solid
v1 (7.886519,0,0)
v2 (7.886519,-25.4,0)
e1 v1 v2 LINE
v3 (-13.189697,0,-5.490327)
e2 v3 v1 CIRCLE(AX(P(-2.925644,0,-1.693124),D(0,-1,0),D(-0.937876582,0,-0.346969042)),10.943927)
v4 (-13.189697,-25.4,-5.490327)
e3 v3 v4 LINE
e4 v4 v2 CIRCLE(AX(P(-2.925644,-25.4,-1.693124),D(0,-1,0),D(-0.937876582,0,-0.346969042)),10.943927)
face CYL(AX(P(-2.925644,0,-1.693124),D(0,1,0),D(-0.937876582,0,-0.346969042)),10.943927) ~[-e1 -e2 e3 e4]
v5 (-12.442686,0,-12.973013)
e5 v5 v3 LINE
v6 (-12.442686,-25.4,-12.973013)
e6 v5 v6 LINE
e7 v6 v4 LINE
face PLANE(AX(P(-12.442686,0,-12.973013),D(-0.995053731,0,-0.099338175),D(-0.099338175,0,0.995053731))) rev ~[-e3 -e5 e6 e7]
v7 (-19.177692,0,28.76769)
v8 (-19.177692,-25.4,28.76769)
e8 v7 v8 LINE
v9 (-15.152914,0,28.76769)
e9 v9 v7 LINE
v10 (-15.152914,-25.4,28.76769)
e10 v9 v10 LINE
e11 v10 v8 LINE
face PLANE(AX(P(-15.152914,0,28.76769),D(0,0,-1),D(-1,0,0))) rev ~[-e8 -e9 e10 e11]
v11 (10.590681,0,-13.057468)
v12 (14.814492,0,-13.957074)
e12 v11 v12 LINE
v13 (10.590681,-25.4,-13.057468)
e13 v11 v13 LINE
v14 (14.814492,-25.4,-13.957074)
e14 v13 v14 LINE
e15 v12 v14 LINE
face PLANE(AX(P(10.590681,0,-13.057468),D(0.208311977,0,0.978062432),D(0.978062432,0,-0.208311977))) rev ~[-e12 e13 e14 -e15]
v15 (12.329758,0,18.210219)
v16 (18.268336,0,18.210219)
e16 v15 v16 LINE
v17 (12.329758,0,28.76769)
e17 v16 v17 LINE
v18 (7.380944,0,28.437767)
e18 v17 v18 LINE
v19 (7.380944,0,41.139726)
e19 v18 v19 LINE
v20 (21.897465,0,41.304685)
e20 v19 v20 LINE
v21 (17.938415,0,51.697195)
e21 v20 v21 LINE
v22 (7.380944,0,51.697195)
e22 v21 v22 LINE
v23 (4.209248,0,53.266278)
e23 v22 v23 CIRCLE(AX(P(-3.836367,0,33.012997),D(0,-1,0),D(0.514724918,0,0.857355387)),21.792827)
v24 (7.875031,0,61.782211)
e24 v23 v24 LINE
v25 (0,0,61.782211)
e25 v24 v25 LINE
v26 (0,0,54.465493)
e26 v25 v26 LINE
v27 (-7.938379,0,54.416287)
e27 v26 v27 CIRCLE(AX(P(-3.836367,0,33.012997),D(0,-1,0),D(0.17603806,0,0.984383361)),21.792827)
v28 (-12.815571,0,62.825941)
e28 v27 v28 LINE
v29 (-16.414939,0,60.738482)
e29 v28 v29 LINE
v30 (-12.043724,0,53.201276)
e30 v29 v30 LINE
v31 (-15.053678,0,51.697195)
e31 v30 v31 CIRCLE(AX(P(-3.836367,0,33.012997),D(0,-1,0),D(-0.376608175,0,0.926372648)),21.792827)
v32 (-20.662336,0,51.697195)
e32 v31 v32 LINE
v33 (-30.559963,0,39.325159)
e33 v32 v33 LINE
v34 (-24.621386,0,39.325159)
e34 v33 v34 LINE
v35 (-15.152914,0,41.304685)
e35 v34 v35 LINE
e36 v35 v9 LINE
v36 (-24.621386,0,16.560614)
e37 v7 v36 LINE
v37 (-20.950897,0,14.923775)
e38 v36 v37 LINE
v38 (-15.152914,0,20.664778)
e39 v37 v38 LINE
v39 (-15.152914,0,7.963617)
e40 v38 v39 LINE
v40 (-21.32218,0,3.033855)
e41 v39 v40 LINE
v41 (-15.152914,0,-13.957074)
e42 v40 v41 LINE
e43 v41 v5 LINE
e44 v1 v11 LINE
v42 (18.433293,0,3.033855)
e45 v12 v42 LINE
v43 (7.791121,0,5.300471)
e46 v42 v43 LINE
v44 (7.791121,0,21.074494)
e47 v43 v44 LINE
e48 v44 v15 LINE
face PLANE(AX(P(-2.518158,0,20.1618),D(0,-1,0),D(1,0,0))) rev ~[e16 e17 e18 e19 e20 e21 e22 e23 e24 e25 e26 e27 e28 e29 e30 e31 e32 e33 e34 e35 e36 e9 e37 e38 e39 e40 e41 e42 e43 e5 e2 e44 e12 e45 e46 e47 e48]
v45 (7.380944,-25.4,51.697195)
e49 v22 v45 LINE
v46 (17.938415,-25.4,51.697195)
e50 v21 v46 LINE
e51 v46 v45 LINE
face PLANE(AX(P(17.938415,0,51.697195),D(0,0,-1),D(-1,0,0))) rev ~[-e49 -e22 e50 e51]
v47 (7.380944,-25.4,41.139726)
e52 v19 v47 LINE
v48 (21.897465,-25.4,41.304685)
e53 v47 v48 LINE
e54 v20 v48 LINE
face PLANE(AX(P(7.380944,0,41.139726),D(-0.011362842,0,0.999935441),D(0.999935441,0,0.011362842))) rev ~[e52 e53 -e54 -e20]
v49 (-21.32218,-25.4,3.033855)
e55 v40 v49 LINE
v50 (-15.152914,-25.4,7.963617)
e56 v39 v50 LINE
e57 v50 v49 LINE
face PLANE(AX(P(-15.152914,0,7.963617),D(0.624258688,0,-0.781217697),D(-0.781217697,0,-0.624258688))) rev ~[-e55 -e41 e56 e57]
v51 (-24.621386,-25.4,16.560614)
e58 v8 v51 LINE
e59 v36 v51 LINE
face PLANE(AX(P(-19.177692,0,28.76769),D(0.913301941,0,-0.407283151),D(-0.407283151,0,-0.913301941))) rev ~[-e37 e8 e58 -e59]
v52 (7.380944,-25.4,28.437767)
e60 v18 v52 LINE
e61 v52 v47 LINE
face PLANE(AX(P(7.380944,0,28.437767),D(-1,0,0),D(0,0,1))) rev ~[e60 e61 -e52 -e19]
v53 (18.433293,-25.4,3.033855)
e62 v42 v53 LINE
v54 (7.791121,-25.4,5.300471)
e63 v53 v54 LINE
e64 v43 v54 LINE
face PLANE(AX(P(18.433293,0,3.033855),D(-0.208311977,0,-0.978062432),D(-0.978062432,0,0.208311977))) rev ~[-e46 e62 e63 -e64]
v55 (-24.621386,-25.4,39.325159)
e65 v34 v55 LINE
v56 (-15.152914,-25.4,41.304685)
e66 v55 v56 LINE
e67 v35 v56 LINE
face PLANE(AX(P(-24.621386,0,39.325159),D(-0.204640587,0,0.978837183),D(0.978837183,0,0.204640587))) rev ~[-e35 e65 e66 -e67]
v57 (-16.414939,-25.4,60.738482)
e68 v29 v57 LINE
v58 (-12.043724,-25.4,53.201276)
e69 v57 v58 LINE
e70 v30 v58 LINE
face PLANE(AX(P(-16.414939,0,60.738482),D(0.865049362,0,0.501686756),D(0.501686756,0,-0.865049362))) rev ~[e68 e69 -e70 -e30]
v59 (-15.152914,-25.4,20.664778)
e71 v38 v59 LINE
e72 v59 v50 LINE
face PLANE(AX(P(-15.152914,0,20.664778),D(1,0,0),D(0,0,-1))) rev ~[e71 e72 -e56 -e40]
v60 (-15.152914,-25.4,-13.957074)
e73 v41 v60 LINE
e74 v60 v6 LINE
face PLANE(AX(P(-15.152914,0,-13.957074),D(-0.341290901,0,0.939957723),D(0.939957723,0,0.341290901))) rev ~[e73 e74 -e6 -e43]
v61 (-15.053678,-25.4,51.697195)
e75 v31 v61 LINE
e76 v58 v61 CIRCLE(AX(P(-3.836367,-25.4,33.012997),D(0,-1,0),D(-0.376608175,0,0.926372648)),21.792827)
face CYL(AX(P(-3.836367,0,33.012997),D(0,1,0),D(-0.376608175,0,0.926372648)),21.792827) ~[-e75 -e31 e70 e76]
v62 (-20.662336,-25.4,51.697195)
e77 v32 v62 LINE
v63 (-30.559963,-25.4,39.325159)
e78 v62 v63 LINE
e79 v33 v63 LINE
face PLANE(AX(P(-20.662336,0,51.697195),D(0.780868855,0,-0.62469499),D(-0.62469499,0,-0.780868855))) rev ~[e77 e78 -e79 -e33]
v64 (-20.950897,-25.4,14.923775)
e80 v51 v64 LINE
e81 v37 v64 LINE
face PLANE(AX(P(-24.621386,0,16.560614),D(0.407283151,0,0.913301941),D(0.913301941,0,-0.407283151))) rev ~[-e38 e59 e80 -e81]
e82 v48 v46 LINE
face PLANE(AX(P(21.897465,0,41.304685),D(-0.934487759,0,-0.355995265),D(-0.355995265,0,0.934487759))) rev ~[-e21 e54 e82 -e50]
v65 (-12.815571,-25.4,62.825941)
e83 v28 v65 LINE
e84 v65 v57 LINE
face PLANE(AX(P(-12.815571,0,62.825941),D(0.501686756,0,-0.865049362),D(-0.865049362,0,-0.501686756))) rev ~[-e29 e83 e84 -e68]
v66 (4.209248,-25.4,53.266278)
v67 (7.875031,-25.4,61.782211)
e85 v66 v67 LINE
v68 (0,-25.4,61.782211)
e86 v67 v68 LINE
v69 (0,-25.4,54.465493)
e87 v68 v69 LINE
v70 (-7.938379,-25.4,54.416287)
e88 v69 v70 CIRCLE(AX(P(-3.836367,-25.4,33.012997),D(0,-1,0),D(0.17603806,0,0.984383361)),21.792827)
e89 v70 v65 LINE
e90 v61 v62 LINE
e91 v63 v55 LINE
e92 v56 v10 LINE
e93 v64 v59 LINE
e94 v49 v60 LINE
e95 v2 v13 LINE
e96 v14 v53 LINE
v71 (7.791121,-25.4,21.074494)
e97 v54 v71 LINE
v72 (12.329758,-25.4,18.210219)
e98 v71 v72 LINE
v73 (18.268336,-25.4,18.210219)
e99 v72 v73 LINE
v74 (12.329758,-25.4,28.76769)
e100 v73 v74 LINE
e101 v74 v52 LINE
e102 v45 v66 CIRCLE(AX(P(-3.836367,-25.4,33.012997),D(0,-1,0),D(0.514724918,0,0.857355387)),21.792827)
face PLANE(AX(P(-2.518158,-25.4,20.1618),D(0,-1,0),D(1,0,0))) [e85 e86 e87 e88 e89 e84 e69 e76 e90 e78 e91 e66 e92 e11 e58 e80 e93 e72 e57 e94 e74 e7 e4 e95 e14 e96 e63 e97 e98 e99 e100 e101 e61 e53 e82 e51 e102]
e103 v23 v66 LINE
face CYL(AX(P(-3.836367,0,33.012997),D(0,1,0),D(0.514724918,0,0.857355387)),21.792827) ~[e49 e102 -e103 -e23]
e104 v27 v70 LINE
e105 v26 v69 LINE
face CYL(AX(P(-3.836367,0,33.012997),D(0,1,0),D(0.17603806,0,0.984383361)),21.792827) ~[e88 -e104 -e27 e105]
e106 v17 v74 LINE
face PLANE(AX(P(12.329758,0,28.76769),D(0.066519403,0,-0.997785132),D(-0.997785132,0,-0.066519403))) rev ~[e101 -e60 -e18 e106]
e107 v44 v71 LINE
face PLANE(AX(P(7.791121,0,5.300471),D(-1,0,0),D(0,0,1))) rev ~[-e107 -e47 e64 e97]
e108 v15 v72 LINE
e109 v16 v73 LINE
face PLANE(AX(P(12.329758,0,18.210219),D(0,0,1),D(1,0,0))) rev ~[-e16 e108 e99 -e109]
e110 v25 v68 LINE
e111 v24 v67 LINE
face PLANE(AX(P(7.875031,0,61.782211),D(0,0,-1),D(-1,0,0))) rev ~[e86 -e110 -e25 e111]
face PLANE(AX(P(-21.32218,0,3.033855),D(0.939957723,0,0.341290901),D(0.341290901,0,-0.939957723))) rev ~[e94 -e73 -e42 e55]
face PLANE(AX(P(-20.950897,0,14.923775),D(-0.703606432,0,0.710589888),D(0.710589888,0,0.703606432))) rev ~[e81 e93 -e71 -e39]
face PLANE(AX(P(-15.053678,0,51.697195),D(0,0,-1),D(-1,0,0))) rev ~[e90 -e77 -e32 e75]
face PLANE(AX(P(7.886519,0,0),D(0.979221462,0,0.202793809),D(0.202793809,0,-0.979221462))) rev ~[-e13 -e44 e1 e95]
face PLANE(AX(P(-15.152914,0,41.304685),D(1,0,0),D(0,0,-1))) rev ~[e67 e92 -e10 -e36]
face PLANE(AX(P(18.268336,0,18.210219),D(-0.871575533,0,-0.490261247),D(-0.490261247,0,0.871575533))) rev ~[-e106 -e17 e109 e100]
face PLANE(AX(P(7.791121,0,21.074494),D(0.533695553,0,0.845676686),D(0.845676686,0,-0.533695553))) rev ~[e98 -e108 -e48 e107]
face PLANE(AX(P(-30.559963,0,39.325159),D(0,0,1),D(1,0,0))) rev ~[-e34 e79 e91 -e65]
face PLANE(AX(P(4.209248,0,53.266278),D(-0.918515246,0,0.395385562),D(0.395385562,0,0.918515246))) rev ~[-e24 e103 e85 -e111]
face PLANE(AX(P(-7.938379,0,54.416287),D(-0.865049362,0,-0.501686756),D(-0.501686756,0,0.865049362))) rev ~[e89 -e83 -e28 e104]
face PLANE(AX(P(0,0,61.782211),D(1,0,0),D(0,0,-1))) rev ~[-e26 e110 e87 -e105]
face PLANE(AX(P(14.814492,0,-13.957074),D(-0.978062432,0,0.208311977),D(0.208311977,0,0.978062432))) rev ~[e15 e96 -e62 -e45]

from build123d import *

# Parameters (mm, degrees)
F1_DEPTH = 25.4


with BuildPart() as f1:
    # F0 (on Front) → F1 (new body)
    with BuildSketch(Plane.XZ):
        with BuildLine():
            Line((-12.4426856389, -12.9730125086), (-13.1896968379, -5.4903274543))
            ThreePointArc((-13.1896968379, -5.4903274543), (-0.1668346208, -12.2836148574), (7.8865187243, 0))
            Line((7.8865187243, 0), (10.5906810166, -13.0574683954))
            Line((10.5906810166, -13.0574683954), (14.8144917242, -13.957073912))
            Line((14.8144917242, -13.957073912), (18.4332933277, 3.033854533))
            Line((18.4332933277, 3.033854533), (7.791120559, 5.3004706278))
            Line((7.791120559, 5.3004706278), (7.791120559, 21.074494347))
            Line((7.791120559, 21.074494347), (12.3297581449, 18.2102192193))
            Line((12.3297581449, 18.2102192193), (18.2683356106, 18.2102192193))
            Line((18.2683356106, 18.2102192193), (12.3297581449, 28.7676900625))
            Line((12.3297581449, 28.7676900625), (7.380944211, 28.4377671778))
            Line((7.380944211, 28.4377671778), (7.380944211, 41.1397255957))
            Line((7.380944211, 41.1397255957), (21.8974649906, 41.3046851754))
            Line((21.8974649906, 41.3046851754), (17.9384145886, 51.6971945763))
            Line((17.9384145886, 51.6971945763), (7.380944211, 51.6971945763))
            ThreePointArc((7.380944211, 51.6971945763), (5.8269963178, 52.5462179029), (4.209248367, 53.2662777833))
            ThreePointArc((4.209248367, 53.2662777833), (2.1348058911, 53.9718233781), (0, 54.4654932873))
            ThreePointArc((0, 54.4654932873), (-3.971449067, 54.80540535), (-7.938379177, 54.4162865973))
            ThreePointArc((-7.938379177, 54.4162865973), (-10.0209611702, 53.9098413782), (-12.0437239792, 53.2012758293))
            ThreePointArc((-12.0437239792, 53.2012758293), (-13.577773448, 52.5074144495), (-15.053678304, 51.6971945763))
            Line((-15.053678304, 51.6971945763), (-20.6623356789, 51.6971945763))
            Line((-20.6623356789, 51.6971945763), (-30.5599626154, 39.3251590431))
            Line((-30.5599626154, 39.3251590431), (-24.621386081, 39.3251590431))
            Line((-24.621386081, 39.3251590431), (-15.1529135182, 41.3046851754))
            Line((-15.1529135182, 41.3046851754), (-15.1529135182, 28.7676900625))
            Line((-15.1529135182, 28.7676900625), (-19.177692011, 28.7676900625))
            Line((-19.177692011, 28.7676900625), (-24.621386081, 16.560614109))
            Line((-24.621386081, 16.560614109), (-20.9508969498, 14.9237749517))
            Line((-20.9508969498, 14.9237749517), (-15.1529135182, 20.6647776067))
            Line((-15.1529135182, 20.6647776067), (-15.1529135182, 7.9636173323))
            Line((-15.1529135182, 7.9636173323), (-21.3221795857, 3.033854533))
            Line((-21.3221795857, 3.033854533), (-15.1529135182, -13.957073912))
            Line((-15.1529135182, -13.957073912), (-12.4426856389, -12.9730125086))
        make_face()
        with BuildLine():
            ThreePointArc((-13.1896968379, -5.4903274543), (-13.8154393629, -2.7802733754), (-13.7378070503, 0))
            Line((-13.7378070503, 0), (-13.1896968379, -5.4903274543))
        make_face(mode=Mode.SUBTRACT)
        with BuildLine():
            ThreePointArc((0, 54.4654932873), (2.1348058911, 53.9718233781), (4.209248367, 53.2662777833))
            Line((4.209248367, 53.2662777833), (7.8750308603, 61.7822111755))
            Line((7.8750308603, 61.7822111755), (0, 61.7822111755))
            Line((0, 61.7822111755), (0, 54.4654932873))
        make_face()
        with BuildLine():
            Line((-16.4149385959, 60.7384818016), (-12.0437239792, 53.2012758293))
            ThreePointArc((-12.0437239792, 53.2012758293), (-10.0209611702, 53.9098413782), (-7.938379177, 54.4162865973))
            Line((-7.938379177, 54.4162865973), (-12.8155713901, 62.8259405494))
            Line((-12.8155713901, 62.8259405494), (-16.4149385959, 60.7384818016))
        make_face()
        with BuildLine():
            Line((-13.1896968379, -5.4903274543), (-13.7378070503, 0))
            ThreePointArc((-13.7378070503, 0), (-13.8154393629, -2.7802733754), (-13.1896968379, -5.4903274543))
        make_face()
    extrude(amount=F1_DEPTH)


solid = f1.part
